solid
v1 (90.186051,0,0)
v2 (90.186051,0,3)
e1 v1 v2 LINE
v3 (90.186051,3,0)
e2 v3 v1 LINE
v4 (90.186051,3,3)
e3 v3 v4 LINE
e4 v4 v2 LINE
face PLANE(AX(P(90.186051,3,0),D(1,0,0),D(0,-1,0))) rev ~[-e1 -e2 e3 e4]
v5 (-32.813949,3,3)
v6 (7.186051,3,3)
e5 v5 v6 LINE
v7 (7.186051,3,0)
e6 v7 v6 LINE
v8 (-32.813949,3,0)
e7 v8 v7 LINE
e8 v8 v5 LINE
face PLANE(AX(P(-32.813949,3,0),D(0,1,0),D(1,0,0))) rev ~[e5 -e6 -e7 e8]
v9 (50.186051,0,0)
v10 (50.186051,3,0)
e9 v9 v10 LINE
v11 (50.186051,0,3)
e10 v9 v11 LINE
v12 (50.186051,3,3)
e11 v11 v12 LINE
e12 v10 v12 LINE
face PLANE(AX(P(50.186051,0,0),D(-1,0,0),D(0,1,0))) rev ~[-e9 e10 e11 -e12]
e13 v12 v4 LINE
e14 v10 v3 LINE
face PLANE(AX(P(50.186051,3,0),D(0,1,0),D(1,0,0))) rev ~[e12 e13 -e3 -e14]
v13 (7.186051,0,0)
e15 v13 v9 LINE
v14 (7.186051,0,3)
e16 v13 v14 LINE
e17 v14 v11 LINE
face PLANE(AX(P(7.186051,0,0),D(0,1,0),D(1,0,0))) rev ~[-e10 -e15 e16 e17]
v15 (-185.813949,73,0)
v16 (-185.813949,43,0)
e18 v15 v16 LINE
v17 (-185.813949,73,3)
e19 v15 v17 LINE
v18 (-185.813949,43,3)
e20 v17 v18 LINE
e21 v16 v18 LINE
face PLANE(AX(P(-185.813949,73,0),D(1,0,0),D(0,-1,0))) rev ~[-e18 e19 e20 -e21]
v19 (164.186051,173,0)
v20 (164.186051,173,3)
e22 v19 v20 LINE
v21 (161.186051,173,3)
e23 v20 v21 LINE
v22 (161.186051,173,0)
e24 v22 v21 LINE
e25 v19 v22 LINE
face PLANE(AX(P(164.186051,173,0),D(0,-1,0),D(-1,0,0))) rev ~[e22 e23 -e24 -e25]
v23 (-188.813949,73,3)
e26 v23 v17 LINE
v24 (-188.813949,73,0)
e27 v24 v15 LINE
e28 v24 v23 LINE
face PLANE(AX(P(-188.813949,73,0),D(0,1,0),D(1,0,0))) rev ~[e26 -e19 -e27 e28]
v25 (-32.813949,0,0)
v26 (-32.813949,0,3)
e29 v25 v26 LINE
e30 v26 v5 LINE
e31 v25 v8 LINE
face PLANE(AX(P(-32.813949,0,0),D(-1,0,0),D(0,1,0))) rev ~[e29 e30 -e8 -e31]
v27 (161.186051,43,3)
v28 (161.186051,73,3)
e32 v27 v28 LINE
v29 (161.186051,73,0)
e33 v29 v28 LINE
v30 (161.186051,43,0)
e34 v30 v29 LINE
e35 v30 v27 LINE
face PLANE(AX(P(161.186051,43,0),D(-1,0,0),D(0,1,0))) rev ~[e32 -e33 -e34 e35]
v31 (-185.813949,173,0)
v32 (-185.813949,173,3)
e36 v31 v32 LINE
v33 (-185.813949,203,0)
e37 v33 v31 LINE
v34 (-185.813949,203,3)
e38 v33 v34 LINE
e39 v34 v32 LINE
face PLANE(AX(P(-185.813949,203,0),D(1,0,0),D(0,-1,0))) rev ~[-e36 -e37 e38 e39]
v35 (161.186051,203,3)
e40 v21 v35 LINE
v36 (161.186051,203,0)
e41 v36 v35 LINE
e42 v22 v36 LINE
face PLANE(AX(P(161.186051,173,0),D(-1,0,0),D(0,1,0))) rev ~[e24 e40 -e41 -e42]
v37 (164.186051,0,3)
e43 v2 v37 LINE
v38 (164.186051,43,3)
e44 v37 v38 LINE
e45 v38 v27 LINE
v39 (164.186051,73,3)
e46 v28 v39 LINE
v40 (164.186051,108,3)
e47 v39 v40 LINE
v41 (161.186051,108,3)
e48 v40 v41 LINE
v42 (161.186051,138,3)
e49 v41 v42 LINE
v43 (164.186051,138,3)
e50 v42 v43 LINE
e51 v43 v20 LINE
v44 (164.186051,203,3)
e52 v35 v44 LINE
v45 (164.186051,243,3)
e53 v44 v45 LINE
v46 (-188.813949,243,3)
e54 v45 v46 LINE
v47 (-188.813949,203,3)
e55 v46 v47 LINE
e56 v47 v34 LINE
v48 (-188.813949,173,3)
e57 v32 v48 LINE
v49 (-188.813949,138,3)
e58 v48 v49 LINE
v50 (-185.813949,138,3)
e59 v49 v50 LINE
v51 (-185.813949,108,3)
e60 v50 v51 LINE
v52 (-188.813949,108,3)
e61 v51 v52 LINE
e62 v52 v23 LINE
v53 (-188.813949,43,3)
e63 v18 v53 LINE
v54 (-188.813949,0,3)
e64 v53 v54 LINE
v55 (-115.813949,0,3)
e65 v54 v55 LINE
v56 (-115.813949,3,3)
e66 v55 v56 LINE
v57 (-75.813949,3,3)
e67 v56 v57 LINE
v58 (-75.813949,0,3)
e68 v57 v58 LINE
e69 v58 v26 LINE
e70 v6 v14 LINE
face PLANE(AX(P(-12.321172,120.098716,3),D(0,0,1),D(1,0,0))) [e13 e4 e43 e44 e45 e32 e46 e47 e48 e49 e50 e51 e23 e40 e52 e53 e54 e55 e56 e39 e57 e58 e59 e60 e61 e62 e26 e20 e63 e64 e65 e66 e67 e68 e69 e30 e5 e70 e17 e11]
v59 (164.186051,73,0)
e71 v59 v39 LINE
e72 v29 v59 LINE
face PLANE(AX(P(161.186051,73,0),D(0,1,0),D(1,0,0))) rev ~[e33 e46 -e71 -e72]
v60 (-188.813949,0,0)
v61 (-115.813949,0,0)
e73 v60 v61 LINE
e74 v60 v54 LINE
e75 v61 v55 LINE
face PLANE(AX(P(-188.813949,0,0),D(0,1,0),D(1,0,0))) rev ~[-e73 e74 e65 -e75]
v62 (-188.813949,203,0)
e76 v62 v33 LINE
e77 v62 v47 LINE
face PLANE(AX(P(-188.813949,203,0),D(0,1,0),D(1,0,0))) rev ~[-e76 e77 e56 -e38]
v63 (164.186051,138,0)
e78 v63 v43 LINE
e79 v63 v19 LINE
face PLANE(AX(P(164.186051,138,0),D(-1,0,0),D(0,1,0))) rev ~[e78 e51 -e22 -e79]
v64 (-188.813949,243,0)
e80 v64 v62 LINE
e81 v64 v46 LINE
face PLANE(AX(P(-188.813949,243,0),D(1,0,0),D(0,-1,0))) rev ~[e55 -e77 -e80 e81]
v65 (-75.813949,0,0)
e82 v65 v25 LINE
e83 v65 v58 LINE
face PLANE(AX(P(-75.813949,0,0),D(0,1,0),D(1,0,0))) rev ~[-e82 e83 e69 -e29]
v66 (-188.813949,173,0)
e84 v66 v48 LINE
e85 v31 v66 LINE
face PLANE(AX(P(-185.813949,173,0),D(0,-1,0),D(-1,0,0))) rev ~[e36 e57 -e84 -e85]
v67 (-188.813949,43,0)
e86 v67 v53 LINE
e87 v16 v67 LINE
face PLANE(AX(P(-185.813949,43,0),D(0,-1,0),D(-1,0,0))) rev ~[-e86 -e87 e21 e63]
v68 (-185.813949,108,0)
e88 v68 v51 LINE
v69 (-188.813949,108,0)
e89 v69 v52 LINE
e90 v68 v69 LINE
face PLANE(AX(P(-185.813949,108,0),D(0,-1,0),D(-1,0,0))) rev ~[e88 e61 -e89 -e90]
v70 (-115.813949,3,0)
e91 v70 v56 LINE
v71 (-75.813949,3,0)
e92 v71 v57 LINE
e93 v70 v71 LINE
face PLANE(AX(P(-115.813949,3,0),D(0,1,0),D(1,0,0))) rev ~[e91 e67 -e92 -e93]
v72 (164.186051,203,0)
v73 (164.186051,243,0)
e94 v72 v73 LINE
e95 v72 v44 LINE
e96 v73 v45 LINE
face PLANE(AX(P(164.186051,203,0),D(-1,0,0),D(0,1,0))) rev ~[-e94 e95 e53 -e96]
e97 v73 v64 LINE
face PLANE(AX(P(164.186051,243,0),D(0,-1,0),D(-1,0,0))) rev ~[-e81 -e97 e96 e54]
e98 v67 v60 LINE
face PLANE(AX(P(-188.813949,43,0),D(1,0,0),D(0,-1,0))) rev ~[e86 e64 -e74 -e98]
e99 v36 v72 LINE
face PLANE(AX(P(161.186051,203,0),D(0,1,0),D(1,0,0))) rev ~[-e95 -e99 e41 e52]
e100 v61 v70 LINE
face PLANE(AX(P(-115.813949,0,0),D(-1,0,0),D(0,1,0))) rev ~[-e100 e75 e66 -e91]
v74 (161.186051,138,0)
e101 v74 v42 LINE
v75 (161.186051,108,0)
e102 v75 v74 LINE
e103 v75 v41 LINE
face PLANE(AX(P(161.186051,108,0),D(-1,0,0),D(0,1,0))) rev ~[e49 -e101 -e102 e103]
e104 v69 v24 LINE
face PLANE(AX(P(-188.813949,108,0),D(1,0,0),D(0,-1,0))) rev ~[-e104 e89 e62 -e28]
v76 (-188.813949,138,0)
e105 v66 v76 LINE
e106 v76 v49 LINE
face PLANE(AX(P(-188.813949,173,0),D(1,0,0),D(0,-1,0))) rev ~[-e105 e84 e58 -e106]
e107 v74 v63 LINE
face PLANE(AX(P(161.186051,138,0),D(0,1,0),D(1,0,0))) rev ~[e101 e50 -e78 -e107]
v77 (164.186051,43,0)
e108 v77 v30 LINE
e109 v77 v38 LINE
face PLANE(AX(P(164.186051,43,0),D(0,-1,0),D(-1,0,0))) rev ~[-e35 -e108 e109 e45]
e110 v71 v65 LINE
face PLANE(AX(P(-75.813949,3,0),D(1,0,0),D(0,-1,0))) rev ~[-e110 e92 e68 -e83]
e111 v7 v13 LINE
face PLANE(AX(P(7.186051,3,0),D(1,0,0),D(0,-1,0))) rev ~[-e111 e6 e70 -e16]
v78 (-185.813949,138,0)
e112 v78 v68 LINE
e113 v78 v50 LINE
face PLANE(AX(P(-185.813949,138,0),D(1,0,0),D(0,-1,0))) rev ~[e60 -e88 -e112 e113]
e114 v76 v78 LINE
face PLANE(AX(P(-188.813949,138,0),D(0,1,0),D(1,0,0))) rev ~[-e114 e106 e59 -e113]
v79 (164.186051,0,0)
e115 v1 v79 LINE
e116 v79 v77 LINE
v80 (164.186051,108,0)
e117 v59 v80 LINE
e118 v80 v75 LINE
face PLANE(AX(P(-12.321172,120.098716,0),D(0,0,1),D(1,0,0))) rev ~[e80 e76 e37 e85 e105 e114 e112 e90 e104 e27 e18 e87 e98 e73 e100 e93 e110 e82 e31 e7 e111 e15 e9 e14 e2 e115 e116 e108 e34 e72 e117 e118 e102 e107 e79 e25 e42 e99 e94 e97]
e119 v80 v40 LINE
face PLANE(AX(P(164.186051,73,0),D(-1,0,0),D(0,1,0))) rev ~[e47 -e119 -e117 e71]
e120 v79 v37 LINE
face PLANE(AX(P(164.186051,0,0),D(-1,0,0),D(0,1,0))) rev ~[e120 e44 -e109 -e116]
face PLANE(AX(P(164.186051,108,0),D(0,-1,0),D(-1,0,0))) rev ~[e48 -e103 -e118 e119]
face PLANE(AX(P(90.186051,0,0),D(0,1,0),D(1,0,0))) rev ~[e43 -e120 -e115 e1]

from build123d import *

# Parameters (mm, degrees)
F1_DEPTH = 3


with BuildPart() as f1:
    # F0 (on Top) → F1 (new body)
    with BuildSketch(Plane.XY):
        Polygon((-188.813949, 43), (-188.813949, 0), (-115.813949, 0), (-115.813949, 3), (-75.813949, 3), (-75.813949, 0), (-32.813949, 0), (-32.813949, 3), (7.186051, 3), (7.186051, 0), (50.186051, 0), (50.186051, 3), (90.186051, 3), (90.186051, 0), (164.186051, 0), (164.186051, 43), (161.186051, 43), (161.186051, 73), (164.186051, 73), (164.186051, 108), (161.186051, 108), (161.186051, 138), (164.186051, 138), (164.186051, 173), (161.186051, 173), (161.186051, 203), (164.186051, 203), (164.186051, 243), (-188.813949, 243), (-188.813949, 203), (-185.813949, 203), (-185.813949, 173), (-188.813949, 173), (-188.813949, 138), (-185.813949, 138), (-185.813949, 108), (-188.813949, 108), (-188.813949, 73), (-185.813949, 73), (-185.813949, 43), align=None)
    extrude(amount=F1_DEPTH)


solid = f1.part
